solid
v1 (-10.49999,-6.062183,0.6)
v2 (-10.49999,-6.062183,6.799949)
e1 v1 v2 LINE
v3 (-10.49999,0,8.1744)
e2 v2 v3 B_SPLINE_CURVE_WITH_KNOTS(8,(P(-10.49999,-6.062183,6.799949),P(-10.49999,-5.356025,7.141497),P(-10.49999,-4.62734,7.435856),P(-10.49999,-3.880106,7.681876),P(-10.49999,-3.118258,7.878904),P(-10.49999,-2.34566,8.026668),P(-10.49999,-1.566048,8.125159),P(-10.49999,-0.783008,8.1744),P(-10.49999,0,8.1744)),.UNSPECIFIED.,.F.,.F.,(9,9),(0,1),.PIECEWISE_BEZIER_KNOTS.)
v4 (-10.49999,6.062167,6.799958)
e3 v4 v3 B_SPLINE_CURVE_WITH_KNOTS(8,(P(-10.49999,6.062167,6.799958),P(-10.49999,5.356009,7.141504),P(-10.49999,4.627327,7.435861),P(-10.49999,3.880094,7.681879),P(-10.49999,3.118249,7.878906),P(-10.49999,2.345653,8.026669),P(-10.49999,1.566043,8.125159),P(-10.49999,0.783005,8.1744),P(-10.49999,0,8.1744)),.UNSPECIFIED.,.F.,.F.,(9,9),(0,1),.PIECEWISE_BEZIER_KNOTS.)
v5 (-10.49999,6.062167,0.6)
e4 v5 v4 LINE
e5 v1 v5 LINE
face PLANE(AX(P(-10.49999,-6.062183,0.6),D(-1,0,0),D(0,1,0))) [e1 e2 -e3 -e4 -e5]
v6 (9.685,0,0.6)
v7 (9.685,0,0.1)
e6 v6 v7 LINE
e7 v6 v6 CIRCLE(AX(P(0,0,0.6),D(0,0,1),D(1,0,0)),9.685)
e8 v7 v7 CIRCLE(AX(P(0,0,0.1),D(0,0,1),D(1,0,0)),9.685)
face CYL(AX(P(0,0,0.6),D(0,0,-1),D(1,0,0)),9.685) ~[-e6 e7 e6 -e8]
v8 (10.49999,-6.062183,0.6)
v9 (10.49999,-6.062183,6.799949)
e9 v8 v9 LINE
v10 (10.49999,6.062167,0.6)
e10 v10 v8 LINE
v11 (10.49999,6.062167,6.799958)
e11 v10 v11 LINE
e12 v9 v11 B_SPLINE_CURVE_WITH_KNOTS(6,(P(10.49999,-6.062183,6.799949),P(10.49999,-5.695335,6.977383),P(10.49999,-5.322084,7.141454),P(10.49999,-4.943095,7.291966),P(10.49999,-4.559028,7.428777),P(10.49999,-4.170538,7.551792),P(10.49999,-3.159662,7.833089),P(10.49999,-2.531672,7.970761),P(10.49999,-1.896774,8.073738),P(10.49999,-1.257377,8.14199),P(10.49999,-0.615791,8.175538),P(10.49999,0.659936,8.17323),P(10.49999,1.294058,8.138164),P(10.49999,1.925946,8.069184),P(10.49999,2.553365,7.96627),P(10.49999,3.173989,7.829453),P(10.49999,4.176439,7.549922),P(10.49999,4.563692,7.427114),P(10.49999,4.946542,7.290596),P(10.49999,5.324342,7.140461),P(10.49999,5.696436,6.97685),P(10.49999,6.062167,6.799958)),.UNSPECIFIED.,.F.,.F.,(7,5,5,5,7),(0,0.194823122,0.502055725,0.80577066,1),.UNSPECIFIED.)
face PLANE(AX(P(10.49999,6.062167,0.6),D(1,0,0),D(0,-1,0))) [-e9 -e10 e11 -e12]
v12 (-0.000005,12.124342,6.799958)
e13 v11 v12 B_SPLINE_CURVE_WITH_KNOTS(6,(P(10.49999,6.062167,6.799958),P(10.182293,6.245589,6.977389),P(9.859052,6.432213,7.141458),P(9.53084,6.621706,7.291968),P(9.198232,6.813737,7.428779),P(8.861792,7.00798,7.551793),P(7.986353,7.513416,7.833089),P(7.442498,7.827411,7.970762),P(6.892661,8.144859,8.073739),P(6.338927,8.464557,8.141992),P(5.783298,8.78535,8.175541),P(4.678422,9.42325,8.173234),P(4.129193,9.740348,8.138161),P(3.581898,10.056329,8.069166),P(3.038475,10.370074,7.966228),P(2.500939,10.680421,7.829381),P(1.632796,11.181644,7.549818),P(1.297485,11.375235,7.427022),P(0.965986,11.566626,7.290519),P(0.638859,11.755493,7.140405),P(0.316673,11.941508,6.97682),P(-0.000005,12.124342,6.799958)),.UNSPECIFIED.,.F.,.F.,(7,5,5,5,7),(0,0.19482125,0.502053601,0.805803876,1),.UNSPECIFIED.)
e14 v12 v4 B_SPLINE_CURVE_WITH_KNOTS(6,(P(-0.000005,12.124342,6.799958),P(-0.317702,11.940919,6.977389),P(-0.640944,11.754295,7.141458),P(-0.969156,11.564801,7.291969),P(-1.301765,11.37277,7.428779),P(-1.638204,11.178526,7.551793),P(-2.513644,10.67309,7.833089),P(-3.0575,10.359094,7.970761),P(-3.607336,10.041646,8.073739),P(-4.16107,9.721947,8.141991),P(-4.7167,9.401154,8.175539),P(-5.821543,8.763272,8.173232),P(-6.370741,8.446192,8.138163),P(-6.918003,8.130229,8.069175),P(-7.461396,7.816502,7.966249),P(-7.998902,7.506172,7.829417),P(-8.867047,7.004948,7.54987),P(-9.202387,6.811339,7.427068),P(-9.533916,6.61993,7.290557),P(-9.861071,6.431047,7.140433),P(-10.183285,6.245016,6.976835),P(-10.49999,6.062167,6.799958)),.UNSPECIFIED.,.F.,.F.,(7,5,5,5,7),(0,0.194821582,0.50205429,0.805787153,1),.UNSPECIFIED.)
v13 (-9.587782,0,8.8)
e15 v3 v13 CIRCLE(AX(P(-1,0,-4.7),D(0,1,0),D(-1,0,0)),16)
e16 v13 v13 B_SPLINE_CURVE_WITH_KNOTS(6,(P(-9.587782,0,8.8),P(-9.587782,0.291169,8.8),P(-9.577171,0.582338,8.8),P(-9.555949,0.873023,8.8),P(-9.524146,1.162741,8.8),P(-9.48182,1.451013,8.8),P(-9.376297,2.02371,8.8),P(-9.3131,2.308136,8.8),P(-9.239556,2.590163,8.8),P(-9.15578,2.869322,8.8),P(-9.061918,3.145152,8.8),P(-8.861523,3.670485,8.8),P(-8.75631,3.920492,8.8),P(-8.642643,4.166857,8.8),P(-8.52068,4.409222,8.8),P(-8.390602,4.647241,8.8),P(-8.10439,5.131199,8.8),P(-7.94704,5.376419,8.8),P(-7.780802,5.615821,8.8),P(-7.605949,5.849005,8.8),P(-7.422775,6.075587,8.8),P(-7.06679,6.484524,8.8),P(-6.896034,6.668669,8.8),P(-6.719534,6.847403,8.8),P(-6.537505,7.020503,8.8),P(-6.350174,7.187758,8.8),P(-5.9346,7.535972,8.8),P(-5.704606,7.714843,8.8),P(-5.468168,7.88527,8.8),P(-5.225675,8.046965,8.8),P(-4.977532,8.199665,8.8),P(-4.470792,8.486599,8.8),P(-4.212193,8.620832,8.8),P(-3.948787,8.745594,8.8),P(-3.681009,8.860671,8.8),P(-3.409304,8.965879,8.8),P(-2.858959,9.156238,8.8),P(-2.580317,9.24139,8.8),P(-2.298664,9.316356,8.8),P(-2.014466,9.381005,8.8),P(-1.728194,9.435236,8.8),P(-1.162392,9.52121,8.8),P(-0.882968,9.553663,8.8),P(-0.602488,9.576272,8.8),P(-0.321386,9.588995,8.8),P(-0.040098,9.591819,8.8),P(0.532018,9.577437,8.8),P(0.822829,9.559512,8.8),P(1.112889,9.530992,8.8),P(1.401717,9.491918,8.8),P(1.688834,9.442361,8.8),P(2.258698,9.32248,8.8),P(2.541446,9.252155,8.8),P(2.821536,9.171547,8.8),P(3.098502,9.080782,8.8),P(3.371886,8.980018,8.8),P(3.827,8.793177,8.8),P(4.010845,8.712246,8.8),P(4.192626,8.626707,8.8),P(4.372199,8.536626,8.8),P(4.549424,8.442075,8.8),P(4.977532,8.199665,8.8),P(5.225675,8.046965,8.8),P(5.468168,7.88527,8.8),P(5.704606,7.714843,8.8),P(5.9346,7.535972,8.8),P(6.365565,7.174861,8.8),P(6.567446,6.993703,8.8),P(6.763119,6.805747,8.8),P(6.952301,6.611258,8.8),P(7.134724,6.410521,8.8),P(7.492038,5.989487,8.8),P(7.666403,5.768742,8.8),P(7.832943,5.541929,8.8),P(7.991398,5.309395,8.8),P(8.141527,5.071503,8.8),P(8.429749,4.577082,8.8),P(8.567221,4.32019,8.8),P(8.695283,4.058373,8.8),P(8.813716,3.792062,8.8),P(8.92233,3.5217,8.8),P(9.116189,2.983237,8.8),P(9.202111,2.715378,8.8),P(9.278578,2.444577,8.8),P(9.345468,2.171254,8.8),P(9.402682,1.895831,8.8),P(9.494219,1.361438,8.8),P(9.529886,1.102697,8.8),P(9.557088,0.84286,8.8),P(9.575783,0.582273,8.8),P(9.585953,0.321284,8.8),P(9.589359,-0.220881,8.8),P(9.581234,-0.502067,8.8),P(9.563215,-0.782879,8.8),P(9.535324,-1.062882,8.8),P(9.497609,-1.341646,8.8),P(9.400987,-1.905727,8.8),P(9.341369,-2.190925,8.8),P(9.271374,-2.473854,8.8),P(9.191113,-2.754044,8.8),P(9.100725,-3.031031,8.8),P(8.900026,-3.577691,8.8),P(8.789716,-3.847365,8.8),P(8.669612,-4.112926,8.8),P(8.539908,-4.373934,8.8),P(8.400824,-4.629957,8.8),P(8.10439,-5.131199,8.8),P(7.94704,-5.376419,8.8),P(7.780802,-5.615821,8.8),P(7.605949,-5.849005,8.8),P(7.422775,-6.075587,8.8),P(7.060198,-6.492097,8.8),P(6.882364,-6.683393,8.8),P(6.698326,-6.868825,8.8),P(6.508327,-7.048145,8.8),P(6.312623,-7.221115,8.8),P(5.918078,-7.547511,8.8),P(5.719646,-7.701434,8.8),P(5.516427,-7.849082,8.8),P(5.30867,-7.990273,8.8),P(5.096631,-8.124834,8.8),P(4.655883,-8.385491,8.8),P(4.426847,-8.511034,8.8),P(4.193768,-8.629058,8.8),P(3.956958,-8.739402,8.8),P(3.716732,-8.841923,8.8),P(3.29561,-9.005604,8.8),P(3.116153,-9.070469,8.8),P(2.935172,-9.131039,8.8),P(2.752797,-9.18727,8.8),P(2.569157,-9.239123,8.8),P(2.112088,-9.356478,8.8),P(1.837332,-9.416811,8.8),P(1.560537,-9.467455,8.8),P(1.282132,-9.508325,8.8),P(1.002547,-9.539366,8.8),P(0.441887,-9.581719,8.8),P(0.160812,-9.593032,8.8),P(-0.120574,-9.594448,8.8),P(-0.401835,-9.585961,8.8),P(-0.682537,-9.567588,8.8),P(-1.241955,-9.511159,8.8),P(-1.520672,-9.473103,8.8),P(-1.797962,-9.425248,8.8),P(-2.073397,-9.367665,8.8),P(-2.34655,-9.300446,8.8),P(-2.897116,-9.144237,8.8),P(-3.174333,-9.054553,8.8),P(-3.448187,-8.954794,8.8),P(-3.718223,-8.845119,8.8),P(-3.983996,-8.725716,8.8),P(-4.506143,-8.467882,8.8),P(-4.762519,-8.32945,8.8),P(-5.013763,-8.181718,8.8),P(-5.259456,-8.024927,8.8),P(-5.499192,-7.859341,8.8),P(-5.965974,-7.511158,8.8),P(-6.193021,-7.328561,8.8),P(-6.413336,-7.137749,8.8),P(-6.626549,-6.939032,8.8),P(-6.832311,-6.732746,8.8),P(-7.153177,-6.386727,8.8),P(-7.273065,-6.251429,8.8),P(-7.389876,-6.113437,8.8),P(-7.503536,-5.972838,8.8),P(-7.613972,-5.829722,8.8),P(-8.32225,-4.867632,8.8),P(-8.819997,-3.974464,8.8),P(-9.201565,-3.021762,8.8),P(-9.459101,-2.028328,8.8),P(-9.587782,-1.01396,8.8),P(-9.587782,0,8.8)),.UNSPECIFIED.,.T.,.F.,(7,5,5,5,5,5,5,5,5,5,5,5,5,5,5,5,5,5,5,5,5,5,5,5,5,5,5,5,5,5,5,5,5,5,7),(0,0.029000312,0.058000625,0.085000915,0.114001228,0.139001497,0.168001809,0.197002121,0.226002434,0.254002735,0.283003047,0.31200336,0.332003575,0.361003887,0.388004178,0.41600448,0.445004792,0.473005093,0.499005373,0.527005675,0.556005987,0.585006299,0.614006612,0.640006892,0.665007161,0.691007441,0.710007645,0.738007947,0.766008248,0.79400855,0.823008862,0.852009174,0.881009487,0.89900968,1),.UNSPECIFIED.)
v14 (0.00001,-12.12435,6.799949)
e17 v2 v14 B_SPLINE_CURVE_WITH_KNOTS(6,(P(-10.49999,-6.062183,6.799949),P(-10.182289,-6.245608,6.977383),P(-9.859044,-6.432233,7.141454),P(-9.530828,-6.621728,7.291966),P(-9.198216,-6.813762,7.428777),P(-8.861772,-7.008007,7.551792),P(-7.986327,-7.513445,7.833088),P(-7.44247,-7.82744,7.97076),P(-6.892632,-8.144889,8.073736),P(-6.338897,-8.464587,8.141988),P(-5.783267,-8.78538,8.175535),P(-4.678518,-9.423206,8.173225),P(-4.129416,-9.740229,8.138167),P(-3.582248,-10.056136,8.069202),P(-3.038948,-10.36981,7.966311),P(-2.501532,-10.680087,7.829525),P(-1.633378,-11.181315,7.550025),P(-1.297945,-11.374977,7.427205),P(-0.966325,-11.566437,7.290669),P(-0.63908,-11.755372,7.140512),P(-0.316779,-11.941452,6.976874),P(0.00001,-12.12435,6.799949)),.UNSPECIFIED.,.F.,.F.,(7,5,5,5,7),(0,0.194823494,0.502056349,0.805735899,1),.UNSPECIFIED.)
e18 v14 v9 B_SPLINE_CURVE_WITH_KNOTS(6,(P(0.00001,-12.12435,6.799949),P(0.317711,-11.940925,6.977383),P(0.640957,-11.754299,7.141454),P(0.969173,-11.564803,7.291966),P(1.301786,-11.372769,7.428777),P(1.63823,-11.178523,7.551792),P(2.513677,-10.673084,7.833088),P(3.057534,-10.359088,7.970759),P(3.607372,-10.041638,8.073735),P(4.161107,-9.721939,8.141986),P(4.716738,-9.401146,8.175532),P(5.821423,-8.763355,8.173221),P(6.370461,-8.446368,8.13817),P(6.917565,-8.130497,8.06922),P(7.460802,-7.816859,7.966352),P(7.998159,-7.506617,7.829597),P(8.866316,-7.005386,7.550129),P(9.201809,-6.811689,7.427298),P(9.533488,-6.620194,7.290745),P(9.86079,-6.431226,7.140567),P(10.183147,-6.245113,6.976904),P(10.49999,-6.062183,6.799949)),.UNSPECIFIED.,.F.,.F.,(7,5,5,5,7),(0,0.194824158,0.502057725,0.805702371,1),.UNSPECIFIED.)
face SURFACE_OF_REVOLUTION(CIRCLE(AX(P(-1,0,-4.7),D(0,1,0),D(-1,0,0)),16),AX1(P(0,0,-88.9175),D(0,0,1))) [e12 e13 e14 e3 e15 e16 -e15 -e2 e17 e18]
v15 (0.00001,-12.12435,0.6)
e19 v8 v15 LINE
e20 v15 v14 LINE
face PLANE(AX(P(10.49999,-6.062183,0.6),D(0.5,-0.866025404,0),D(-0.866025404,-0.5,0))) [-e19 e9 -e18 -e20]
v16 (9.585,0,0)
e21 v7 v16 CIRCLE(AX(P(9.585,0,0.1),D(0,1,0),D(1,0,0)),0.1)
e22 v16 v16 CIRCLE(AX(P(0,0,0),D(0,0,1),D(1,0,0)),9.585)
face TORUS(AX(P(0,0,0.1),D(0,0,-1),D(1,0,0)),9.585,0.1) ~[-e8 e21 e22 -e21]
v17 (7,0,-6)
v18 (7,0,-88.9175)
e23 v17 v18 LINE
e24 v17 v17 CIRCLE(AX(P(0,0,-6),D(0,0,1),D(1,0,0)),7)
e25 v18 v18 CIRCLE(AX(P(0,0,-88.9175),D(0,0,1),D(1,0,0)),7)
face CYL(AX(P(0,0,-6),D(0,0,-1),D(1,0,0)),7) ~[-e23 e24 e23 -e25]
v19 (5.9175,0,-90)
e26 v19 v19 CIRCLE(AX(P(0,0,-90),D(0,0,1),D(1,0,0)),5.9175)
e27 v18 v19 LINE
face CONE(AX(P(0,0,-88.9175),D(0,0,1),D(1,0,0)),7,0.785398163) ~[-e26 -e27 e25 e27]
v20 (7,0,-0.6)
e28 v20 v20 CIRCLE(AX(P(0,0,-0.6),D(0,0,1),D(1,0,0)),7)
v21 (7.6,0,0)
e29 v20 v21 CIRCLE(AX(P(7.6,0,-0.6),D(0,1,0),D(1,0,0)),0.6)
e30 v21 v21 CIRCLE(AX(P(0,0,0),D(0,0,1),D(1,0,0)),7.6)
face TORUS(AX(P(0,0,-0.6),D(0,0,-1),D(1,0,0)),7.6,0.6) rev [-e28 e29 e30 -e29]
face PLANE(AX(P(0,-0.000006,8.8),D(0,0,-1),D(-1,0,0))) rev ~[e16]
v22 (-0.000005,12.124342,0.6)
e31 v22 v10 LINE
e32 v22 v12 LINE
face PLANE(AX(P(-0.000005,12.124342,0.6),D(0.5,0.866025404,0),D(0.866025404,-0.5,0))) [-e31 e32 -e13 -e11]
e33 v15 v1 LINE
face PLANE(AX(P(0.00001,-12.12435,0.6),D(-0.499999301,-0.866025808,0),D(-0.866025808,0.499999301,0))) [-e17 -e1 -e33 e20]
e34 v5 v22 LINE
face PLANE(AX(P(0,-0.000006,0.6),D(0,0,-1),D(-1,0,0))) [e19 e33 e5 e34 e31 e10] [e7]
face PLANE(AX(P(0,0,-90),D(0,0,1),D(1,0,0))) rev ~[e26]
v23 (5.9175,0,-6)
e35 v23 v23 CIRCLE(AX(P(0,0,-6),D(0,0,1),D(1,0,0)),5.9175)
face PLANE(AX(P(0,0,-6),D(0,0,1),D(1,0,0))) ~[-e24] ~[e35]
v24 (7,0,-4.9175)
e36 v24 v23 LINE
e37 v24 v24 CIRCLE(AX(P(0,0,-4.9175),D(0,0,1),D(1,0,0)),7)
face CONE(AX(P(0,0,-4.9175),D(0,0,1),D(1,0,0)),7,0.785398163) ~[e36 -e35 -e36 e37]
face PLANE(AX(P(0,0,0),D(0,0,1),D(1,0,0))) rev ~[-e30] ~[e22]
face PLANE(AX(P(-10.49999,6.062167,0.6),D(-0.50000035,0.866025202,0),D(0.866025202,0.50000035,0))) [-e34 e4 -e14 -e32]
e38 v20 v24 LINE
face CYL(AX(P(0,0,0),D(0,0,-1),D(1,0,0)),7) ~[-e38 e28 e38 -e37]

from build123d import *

# Parameters (mm, degrees)
DODANIE_WYCI_GNI_CIE1_DEPTH = 8.2
ZAOKR_GLENIE1_R             = 0.1
SFAZOWANIE1_SIZE            = 1.0825
ZAOKR_GLENIE3_R             = 0.6


with BuildPart() as part:
    # Szkic1 → Dodanie-wyciągnięcie1 (new body)
    with BuildSketch(Plane(origin=(0, 0, 0.6), x_dir=(-1, 0, 0), z_dir=(0, 0, -1))):
        Polygon((4.896e-06, 12.124341521), (-10.499990209, 6.062166521), (-10.499990209, -6.062183479), (-9.791e-06, -12.12435), (10.499990209, -6.062183479), (10.499990209, 6.062166521), align=None)
    extrude(amount=-DODANIE_WYCI_GNI_CIE1_DEPTH)

    # Szkic2 → Obrót1 (revolve)
    with BuildSketch(Plane(origin=(0, 0, 0), x_dir=(1, 0, 0), z_dir=(0, 1, 0))):
        Polygon((7, 90), (0, 90), (0, -0.6), (9.685, -0.6), (9.685, 0), (7, 0), (7, 4.9175), (5.9175, 6), (7, 6), align=None)
    revolve(axis=Axis((0, 0, -90), (0, 0, 1)))

    # Zaokrąglenie1
    zaokr_glenie1_edges = [part.edges().sort_by_distance(p)[0] for p in [
        (-9.685, 0, 0),
    ]]
    fillet(zaokr_glenie1_edges, radius=ZAOKR_GLENIE1_R)

    # Sfazowanie1
    sfazowanie1_edges = [part.edges().sort_by_distance(p)[0] for p in [
        (-7, 0, -90),
    ]]
    chamfer(sfazowanie1_edges, length=SFAZOWANIE1_SIZE)

    # Zaokrąglenie3
    zaokr_glenie3_edges = [part.edges().sort_by_distance(p)[0] for p in [
        (-7, 0, 0),
    ]]
    fillet(zaokr_glenie3_edges, radius=ZAOKR_GLENIE3_R)

    # Szkic3 → Wycięcie-obrót1 (revolve, cut)
    with BuildSketch(Plane(origin=(0, 0, 0), x_dir=(1, 0, 0), z_dir=(0, 1, 0))):
        with BuildLine():
            ThreePointArc((-17, 4.7), (-12.313708499, -6.613708499), (-1, -11.3))
            Line((-1, -11.3), (-17, -11.3))
            Line((-17, -11.3), (-17, 4.7))
        make_face()
        with BuildLine():
            ThreePointArc((-1, -11.3), (-12.313708499, -6.613708499), (-17, 4.7))
            Line((-17, 4.7), (-17, -11.3))
            Line((-17, -11.3), (-1, -11.3))
        make_face()
    revolve(axis=Axis((0, 0, -88.9175), (0, 0, 1)), mode=Mode.SUBTRACT)


solid = part.part
